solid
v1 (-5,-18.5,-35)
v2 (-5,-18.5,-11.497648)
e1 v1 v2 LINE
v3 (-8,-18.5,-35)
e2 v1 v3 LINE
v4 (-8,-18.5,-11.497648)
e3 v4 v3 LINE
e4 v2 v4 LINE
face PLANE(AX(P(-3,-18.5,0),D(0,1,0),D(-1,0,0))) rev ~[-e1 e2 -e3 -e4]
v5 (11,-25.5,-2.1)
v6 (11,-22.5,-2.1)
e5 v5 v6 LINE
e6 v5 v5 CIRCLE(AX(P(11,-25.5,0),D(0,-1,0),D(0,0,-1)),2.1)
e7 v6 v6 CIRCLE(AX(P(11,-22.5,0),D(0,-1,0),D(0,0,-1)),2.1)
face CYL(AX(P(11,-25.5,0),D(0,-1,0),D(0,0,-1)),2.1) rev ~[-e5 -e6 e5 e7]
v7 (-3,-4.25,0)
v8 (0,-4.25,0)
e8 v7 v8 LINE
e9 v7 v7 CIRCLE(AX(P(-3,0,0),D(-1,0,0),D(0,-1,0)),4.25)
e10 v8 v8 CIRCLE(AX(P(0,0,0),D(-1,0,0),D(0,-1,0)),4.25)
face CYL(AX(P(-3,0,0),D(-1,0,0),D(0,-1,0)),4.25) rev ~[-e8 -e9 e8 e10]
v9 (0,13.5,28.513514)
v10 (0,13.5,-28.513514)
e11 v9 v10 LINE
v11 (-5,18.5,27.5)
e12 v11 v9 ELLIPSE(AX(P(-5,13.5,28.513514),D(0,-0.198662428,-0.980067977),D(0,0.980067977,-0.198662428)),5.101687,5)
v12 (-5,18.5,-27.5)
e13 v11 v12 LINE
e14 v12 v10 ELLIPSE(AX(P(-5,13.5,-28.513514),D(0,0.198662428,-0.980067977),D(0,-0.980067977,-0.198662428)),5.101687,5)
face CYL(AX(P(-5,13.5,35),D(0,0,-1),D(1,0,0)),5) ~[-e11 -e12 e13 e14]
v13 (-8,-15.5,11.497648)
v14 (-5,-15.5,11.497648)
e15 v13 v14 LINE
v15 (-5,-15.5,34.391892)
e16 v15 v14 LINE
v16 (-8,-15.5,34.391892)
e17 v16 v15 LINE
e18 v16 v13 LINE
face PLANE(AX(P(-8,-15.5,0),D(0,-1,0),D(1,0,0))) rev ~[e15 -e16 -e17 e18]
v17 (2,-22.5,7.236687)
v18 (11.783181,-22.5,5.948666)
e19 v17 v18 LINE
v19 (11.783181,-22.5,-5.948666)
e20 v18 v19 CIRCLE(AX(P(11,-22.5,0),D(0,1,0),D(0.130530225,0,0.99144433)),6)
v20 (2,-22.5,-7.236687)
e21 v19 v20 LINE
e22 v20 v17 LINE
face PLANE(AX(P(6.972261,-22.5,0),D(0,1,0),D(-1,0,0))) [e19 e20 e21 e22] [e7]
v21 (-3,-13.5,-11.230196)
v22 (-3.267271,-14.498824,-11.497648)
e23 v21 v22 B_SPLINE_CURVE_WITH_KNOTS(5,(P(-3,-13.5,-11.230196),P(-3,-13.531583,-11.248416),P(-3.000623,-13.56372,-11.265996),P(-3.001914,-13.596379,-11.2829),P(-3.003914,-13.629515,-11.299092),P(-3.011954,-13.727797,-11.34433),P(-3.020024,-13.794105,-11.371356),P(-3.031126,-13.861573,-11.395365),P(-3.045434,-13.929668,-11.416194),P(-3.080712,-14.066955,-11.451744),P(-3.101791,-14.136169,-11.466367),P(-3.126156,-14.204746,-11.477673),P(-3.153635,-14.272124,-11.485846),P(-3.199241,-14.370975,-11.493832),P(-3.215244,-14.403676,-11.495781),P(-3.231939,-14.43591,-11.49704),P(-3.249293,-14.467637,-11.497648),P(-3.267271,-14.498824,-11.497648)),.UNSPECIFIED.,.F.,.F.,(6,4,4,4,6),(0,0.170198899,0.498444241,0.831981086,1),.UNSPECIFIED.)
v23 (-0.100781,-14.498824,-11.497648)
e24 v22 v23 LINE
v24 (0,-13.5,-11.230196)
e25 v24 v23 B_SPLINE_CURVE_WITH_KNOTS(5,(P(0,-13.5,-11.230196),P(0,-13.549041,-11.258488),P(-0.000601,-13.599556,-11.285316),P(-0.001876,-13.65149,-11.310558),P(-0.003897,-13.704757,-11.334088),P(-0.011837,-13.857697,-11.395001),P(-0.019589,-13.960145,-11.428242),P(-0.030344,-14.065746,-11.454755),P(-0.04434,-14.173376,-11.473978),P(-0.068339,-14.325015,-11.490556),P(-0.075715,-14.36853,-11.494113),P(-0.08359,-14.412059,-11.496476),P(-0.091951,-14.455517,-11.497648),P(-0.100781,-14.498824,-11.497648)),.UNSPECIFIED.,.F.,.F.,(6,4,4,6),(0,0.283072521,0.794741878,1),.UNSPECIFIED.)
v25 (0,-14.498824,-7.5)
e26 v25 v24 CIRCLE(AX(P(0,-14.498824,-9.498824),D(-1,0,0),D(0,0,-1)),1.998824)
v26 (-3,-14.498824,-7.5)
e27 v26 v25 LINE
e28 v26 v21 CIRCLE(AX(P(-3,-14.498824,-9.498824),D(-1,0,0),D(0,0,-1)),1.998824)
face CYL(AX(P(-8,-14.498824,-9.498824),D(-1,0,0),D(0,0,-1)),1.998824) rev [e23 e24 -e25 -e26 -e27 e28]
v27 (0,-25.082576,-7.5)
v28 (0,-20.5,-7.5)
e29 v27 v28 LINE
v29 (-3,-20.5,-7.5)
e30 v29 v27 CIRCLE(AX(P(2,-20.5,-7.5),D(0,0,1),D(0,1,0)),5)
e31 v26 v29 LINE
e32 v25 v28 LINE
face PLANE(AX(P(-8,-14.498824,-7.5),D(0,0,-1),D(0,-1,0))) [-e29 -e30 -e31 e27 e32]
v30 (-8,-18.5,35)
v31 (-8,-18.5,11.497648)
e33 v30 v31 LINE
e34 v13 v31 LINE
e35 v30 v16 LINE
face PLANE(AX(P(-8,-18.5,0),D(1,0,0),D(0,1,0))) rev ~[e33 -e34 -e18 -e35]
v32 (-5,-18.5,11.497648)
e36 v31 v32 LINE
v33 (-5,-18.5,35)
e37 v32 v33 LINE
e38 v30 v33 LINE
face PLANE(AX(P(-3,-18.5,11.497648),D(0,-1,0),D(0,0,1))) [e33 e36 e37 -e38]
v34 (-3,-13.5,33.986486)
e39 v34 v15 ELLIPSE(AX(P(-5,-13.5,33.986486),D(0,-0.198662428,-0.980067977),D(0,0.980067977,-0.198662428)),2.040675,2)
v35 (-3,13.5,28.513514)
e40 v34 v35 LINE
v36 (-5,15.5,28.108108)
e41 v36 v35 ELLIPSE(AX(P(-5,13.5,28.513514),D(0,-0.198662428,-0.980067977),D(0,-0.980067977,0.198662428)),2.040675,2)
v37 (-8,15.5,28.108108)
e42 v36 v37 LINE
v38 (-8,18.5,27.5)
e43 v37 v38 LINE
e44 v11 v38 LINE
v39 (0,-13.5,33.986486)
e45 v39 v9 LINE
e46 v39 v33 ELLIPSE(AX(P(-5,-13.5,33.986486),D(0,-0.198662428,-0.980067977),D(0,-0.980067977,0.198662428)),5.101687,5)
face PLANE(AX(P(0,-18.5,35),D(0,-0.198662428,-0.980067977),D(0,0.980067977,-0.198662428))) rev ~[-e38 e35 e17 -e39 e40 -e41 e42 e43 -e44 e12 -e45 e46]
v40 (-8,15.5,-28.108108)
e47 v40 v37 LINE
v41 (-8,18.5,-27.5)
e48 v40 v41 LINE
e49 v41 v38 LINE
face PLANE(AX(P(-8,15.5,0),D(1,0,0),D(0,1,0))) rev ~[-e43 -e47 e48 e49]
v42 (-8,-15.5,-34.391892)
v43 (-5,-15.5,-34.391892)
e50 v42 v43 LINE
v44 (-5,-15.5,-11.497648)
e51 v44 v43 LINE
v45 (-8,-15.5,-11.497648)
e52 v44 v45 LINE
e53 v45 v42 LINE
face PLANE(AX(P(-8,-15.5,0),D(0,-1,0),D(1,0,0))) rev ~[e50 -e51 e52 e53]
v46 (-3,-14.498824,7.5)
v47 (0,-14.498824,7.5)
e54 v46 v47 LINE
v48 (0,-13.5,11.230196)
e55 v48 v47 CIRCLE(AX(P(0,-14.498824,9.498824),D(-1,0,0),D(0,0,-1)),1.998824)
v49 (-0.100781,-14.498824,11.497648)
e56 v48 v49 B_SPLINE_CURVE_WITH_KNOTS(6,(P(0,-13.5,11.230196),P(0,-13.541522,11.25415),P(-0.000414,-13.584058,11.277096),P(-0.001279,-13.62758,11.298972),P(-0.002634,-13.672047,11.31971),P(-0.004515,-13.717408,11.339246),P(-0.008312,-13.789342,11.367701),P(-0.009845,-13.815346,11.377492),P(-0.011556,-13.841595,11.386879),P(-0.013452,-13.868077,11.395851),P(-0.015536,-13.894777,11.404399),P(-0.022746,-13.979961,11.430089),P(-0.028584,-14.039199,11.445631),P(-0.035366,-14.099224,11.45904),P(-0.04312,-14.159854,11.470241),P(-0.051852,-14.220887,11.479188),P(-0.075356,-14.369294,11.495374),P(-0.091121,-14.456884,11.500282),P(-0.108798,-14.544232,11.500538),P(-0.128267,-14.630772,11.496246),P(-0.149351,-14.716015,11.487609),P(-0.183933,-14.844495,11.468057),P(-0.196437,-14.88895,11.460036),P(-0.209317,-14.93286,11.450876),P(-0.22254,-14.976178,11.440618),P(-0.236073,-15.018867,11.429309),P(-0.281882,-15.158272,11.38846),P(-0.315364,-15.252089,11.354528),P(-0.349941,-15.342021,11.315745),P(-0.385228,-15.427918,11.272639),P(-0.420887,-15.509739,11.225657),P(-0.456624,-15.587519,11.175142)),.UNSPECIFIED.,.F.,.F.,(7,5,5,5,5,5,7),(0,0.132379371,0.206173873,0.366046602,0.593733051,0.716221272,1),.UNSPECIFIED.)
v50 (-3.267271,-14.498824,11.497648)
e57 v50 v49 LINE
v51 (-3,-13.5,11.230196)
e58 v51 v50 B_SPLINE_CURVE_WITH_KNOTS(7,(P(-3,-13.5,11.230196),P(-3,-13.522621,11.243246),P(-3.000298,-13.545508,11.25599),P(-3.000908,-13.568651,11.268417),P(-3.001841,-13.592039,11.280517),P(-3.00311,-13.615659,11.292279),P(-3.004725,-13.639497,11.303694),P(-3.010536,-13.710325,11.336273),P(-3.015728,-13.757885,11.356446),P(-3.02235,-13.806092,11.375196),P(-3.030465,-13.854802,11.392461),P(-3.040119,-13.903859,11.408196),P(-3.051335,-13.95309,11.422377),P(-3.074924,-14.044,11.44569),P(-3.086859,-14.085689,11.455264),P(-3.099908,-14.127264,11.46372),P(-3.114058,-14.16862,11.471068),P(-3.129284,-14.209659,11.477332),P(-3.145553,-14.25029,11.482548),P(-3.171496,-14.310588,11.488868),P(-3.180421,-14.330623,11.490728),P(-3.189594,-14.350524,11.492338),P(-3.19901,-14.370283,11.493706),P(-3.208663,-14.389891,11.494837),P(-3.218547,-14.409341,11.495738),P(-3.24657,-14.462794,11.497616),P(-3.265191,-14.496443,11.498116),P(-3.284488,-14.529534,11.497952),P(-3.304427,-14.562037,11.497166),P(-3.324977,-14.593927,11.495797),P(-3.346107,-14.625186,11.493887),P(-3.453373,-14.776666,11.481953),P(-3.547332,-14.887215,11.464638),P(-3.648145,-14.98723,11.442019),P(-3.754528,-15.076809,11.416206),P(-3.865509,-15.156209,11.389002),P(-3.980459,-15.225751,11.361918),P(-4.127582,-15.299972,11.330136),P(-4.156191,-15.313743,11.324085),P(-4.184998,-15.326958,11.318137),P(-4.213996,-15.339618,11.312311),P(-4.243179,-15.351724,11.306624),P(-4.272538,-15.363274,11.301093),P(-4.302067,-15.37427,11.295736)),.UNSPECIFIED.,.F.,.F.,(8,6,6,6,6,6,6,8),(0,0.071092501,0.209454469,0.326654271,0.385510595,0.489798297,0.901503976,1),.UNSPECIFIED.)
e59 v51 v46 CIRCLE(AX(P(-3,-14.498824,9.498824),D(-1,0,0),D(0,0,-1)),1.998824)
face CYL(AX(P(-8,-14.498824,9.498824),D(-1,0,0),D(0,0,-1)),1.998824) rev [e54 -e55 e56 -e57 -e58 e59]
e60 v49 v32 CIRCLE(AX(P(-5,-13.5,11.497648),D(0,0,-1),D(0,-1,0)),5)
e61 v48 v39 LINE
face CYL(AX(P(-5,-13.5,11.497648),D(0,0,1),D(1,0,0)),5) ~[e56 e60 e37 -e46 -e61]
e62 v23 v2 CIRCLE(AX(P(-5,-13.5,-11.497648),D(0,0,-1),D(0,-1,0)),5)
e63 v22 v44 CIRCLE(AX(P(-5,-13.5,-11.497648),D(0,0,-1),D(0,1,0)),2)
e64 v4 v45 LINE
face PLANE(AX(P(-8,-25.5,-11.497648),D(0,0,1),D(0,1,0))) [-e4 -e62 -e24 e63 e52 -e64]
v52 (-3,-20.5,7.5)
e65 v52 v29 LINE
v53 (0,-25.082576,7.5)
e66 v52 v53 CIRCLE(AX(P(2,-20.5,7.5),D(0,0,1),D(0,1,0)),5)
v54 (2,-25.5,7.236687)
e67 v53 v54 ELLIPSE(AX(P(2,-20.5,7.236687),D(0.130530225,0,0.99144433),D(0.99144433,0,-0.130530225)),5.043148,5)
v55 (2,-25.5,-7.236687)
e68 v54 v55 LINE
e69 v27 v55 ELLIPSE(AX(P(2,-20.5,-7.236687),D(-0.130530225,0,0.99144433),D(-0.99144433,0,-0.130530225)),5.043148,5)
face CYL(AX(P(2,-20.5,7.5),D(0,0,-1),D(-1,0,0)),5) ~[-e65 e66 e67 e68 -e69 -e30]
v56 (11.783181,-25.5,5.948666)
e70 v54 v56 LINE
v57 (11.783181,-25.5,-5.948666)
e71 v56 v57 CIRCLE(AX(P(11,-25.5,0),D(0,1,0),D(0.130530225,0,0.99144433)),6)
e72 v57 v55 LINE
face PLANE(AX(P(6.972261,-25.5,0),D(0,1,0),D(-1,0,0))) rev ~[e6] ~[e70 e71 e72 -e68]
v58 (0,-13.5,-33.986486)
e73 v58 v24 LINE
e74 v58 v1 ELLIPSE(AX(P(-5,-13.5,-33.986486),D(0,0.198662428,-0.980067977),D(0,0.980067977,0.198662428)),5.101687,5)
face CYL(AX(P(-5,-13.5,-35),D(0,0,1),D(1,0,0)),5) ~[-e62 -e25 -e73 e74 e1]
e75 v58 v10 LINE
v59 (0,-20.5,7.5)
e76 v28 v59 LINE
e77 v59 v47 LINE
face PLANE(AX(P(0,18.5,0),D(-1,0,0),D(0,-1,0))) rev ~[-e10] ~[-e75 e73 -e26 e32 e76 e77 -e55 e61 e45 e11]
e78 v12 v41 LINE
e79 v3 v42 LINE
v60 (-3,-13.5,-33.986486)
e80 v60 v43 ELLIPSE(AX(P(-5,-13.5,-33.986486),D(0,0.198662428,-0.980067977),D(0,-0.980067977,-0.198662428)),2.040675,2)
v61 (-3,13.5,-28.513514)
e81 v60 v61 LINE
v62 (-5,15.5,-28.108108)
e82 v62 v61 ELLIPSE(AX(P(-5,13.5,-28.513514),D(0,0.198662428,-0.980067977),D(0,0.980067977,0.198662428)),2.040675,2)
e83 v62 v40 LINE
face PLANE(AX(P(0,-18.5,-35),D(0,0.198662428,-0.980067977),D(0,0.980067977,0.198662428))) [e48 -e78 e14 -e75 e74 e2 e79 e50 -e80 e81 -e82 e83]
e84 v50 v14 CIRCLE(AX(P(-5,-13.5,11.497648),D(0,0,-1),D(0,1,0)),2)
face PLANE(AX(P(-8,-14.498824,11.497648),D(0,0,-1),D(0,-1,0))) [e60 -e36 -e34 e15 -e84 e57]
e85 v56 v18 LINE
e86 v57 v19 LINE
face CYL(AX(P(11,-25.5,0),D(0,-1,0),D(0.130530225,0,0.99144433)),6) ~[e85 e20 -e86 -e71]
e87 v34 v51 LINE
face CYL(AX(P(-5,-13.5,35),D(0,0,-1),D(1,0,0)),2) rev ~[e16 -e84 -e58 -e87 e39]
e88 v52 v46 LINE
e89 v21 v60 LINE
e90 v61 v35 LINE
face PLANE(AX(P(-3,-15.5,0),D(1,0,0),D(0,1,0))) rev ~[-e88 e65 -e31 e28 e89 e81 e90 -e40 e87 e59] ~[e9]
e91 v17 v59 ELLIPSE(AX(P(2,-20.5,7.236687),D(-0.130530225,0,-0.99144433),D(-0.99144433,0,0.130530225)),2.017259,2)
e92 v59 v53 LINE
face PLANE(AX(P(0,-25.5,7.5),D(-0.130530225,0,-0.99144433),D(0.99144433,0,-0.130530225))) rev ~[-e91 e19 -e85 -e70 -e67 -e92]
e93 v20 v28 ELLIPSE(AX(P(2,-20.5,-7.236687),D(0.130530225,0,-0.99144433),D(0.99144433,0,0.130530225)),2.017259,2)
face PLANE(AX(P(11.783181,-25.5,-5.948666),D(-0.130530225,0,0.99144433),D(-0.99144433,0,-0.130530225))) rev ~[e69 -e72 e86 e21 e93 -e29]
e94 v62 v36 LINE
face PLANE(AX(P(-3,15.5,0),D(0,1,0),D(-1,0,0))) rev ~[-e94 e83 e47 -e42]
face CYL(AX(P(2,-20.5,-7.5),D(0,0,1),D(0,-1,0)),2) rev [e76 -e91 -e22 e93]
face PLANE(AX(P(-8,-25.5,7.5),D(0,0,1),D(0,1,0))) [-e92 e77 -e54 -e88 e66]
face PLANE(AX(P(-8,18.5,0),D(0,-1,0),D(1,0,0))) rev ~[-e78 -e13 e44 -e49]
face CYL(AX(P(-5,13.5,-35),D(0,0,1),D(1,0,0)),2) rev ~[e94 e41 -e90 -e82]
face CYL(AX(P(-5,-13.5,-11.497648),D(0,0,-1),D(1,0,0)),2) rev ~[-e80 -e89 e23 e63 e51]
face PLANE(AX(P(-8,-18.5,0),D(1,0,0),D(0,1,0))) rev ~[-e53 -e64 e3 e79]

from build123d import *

# Parameters (mm, degrees)
EXTRUSION1_DEPTH         = 35
ENL_V_MAT_EXTRU_1_DEPTH  = 45.036916332
ESQUISSE8_W              = 15
ESQUISSE8_H              = 3
ENL_V_MAT_EXTRU_8_DEPTH  = 44.591857038
ESQUISSE9_W              = 23.50235156
ESQUISSE9_H              = 7
ENL_V_MAT_EXTRU_9_DEPTH  = 44.591857038
ESQUISSE11_R             = 2.1
EXTRUSION2_DEPTH         = 3
ESQUISSE12_R             = 4.25
ENL_V_MAT_EXTRU_10_DEPTH = 48.699580711
CONG_3_R                 = 2
CONG_4_R                 = 5
ENL_V_MAT_EXTRU_11_DEPTH = 47.521500481


with BuildPart() as part:
    # Esquisse1 → Extrusion1 (new, symmetric)
    with BuildSketch(Plane.XY):
        Polygon((-8, 18.5), (0, 18.5), (0, -25.5), (-3, -25.5), (-3, -18.5), (-8, -18.5), (-8, -15.5), (-3, -15.5), (-3, 15.5), (-8, 15.5), align=None)
    extrude(amount=EXTRUSION1_DEPTH, both=True)

    # Esquisse2 → Enlèv. mat.-Extru.1 (cut, through all)
    with BuildSketch(Plane.ZY.offset(8)):
        with BuildLine():
            Line((-11.49764844, -25.5), (-11.49764844, -14.49882422))
            ThreePointArc((-11.49764844, -14.49882422), (-9.49882422, -12.5), (-7.5, -14.49882422))
            Line((-7.5, -14.49882422), (-7.5, -25.5))
            Line((-7.5, -25.5), (-11.49764844, -25.5))
        make_face()
        with BuildLine():
            Line((7.5, -25.5), (7.5, -14.49882422))
            ThreePointArc((7.5, -14.49882422), (9.49882422, -12.5), (11.49764844, -14.49882422))
            Line((11.49764844, -14.49882422), (11.49764844, -25.5))
            Line((11.49764844, -25.5), (7.5, -25.5))
        make_face()
    extrude(amount=-ENL_V_MAT_EXTRU_1_DEPTH, mode=Mode.SUBTRACT)

    # Esquisse8 → Enlèv. mat.-Extru.8 (cut, through all)
    with BuildSketch(Plane.ZY.offset(3)):
        with Locations((0, -17)):
            Rectangle(ESQUISSE8_W, ESQUISSE8_H)
    extrude(amount=ENL_V_MAT_EXTRU_8_DEPTH, mode=Mode.SUBTRACT)

    # Esquisse9 → Enlèv. mat.-Extru.9 (cut, through all)
    with BuildSketch(Plane.ZY.offset(3)):
        with Locations((-23.24882422, -22)):
            Rectangle(ESQUISSE9_W, ESQUISSE9_H)
        with Locations((23.24882422, -22)):
            Rectangle(ESQUISSE9_W, ESQUISSE9_H)
    extrude(amount=-ENL_V_MAT_EXTRU_9_DEPTH, mode=Mode.SUBTRACT)

    # Esquisse11 → Extrusion2 (add)
    with BuildSketch(Plane.XZ.offset(25.5)):
        with BuildLine():
            Line((0, 7.5), (11.783181352, 5.948665982))
            ThreePointArc((11.783181352, 5.948665982), (17, 0), (11.783181352, -5.948665982))
            Line((11.783181352, -5.948665982), (0, -7.5))
            Line((0, -7.5), (0, 7.5))
        make_face()
        with Locations(Location((11, 0, 0), (0, 0, 270))):
            Circle(ESQUISSE11_R, mode=Mode.SUBTRACT)
    extrude(amount=-EXTRUSION2_DEPTH)

    # Esquisse12 → Enlèv. mat.-Extru.10 (cut, through all)
    with BuildSketch(Plane.ZY.offset(3)):
        with Locations(Location((0, 0, 0), (0, 0, 270))):
            Circle(ESQUISSE12_R)
    extrude(amount=-ENL_V_MAT_EXTRU_10_DEPTH, mode=Mode.SUBTRACT)

    # Congé3
    cong_3_edges = [part.edges().sort_by_distance(p)[0] for p in [
        (0, -22.5, 0),
        (-3, -15.5, 23.24882422),
        (-3, 15.5, 0),
        (-3, -15.5, -23.24882422),
    ]]
    fillet(cong_3_edges, radius=CONG_3_R)

    # Congé4
    cong_4_edges = [part.edges().sort_by_distance(p)[0] for p in [
        (0, -18.5, -23.24882422),
        (0, -18.5, 23.24882422),
        (0, 18.5, 0),
        (-3, -25.5, 0),
    ]]
    fillet(cong_4_edges, radius=CONG_4_R)

    # Esquisse13 → Enlèv. mat.-Extru.11 (cut, through all)
    with BuildSketch(Plane(origin=(0, 0, 0), x_dir=(0, 0, -1), z_dir=(1, 0, 0))):
        Polygon((-35, 18.5), (-35, -18.5), (-27.5, 18.5), align=None)
        Polygon((35, 18.5), (35, -18.5), (27.5, 18.5), align=None)
    extrude(amount=-ENL_V_MAT_EXTRU_11_DEPTH, mode=Mode.SUBTRACT)


solid = part.part
